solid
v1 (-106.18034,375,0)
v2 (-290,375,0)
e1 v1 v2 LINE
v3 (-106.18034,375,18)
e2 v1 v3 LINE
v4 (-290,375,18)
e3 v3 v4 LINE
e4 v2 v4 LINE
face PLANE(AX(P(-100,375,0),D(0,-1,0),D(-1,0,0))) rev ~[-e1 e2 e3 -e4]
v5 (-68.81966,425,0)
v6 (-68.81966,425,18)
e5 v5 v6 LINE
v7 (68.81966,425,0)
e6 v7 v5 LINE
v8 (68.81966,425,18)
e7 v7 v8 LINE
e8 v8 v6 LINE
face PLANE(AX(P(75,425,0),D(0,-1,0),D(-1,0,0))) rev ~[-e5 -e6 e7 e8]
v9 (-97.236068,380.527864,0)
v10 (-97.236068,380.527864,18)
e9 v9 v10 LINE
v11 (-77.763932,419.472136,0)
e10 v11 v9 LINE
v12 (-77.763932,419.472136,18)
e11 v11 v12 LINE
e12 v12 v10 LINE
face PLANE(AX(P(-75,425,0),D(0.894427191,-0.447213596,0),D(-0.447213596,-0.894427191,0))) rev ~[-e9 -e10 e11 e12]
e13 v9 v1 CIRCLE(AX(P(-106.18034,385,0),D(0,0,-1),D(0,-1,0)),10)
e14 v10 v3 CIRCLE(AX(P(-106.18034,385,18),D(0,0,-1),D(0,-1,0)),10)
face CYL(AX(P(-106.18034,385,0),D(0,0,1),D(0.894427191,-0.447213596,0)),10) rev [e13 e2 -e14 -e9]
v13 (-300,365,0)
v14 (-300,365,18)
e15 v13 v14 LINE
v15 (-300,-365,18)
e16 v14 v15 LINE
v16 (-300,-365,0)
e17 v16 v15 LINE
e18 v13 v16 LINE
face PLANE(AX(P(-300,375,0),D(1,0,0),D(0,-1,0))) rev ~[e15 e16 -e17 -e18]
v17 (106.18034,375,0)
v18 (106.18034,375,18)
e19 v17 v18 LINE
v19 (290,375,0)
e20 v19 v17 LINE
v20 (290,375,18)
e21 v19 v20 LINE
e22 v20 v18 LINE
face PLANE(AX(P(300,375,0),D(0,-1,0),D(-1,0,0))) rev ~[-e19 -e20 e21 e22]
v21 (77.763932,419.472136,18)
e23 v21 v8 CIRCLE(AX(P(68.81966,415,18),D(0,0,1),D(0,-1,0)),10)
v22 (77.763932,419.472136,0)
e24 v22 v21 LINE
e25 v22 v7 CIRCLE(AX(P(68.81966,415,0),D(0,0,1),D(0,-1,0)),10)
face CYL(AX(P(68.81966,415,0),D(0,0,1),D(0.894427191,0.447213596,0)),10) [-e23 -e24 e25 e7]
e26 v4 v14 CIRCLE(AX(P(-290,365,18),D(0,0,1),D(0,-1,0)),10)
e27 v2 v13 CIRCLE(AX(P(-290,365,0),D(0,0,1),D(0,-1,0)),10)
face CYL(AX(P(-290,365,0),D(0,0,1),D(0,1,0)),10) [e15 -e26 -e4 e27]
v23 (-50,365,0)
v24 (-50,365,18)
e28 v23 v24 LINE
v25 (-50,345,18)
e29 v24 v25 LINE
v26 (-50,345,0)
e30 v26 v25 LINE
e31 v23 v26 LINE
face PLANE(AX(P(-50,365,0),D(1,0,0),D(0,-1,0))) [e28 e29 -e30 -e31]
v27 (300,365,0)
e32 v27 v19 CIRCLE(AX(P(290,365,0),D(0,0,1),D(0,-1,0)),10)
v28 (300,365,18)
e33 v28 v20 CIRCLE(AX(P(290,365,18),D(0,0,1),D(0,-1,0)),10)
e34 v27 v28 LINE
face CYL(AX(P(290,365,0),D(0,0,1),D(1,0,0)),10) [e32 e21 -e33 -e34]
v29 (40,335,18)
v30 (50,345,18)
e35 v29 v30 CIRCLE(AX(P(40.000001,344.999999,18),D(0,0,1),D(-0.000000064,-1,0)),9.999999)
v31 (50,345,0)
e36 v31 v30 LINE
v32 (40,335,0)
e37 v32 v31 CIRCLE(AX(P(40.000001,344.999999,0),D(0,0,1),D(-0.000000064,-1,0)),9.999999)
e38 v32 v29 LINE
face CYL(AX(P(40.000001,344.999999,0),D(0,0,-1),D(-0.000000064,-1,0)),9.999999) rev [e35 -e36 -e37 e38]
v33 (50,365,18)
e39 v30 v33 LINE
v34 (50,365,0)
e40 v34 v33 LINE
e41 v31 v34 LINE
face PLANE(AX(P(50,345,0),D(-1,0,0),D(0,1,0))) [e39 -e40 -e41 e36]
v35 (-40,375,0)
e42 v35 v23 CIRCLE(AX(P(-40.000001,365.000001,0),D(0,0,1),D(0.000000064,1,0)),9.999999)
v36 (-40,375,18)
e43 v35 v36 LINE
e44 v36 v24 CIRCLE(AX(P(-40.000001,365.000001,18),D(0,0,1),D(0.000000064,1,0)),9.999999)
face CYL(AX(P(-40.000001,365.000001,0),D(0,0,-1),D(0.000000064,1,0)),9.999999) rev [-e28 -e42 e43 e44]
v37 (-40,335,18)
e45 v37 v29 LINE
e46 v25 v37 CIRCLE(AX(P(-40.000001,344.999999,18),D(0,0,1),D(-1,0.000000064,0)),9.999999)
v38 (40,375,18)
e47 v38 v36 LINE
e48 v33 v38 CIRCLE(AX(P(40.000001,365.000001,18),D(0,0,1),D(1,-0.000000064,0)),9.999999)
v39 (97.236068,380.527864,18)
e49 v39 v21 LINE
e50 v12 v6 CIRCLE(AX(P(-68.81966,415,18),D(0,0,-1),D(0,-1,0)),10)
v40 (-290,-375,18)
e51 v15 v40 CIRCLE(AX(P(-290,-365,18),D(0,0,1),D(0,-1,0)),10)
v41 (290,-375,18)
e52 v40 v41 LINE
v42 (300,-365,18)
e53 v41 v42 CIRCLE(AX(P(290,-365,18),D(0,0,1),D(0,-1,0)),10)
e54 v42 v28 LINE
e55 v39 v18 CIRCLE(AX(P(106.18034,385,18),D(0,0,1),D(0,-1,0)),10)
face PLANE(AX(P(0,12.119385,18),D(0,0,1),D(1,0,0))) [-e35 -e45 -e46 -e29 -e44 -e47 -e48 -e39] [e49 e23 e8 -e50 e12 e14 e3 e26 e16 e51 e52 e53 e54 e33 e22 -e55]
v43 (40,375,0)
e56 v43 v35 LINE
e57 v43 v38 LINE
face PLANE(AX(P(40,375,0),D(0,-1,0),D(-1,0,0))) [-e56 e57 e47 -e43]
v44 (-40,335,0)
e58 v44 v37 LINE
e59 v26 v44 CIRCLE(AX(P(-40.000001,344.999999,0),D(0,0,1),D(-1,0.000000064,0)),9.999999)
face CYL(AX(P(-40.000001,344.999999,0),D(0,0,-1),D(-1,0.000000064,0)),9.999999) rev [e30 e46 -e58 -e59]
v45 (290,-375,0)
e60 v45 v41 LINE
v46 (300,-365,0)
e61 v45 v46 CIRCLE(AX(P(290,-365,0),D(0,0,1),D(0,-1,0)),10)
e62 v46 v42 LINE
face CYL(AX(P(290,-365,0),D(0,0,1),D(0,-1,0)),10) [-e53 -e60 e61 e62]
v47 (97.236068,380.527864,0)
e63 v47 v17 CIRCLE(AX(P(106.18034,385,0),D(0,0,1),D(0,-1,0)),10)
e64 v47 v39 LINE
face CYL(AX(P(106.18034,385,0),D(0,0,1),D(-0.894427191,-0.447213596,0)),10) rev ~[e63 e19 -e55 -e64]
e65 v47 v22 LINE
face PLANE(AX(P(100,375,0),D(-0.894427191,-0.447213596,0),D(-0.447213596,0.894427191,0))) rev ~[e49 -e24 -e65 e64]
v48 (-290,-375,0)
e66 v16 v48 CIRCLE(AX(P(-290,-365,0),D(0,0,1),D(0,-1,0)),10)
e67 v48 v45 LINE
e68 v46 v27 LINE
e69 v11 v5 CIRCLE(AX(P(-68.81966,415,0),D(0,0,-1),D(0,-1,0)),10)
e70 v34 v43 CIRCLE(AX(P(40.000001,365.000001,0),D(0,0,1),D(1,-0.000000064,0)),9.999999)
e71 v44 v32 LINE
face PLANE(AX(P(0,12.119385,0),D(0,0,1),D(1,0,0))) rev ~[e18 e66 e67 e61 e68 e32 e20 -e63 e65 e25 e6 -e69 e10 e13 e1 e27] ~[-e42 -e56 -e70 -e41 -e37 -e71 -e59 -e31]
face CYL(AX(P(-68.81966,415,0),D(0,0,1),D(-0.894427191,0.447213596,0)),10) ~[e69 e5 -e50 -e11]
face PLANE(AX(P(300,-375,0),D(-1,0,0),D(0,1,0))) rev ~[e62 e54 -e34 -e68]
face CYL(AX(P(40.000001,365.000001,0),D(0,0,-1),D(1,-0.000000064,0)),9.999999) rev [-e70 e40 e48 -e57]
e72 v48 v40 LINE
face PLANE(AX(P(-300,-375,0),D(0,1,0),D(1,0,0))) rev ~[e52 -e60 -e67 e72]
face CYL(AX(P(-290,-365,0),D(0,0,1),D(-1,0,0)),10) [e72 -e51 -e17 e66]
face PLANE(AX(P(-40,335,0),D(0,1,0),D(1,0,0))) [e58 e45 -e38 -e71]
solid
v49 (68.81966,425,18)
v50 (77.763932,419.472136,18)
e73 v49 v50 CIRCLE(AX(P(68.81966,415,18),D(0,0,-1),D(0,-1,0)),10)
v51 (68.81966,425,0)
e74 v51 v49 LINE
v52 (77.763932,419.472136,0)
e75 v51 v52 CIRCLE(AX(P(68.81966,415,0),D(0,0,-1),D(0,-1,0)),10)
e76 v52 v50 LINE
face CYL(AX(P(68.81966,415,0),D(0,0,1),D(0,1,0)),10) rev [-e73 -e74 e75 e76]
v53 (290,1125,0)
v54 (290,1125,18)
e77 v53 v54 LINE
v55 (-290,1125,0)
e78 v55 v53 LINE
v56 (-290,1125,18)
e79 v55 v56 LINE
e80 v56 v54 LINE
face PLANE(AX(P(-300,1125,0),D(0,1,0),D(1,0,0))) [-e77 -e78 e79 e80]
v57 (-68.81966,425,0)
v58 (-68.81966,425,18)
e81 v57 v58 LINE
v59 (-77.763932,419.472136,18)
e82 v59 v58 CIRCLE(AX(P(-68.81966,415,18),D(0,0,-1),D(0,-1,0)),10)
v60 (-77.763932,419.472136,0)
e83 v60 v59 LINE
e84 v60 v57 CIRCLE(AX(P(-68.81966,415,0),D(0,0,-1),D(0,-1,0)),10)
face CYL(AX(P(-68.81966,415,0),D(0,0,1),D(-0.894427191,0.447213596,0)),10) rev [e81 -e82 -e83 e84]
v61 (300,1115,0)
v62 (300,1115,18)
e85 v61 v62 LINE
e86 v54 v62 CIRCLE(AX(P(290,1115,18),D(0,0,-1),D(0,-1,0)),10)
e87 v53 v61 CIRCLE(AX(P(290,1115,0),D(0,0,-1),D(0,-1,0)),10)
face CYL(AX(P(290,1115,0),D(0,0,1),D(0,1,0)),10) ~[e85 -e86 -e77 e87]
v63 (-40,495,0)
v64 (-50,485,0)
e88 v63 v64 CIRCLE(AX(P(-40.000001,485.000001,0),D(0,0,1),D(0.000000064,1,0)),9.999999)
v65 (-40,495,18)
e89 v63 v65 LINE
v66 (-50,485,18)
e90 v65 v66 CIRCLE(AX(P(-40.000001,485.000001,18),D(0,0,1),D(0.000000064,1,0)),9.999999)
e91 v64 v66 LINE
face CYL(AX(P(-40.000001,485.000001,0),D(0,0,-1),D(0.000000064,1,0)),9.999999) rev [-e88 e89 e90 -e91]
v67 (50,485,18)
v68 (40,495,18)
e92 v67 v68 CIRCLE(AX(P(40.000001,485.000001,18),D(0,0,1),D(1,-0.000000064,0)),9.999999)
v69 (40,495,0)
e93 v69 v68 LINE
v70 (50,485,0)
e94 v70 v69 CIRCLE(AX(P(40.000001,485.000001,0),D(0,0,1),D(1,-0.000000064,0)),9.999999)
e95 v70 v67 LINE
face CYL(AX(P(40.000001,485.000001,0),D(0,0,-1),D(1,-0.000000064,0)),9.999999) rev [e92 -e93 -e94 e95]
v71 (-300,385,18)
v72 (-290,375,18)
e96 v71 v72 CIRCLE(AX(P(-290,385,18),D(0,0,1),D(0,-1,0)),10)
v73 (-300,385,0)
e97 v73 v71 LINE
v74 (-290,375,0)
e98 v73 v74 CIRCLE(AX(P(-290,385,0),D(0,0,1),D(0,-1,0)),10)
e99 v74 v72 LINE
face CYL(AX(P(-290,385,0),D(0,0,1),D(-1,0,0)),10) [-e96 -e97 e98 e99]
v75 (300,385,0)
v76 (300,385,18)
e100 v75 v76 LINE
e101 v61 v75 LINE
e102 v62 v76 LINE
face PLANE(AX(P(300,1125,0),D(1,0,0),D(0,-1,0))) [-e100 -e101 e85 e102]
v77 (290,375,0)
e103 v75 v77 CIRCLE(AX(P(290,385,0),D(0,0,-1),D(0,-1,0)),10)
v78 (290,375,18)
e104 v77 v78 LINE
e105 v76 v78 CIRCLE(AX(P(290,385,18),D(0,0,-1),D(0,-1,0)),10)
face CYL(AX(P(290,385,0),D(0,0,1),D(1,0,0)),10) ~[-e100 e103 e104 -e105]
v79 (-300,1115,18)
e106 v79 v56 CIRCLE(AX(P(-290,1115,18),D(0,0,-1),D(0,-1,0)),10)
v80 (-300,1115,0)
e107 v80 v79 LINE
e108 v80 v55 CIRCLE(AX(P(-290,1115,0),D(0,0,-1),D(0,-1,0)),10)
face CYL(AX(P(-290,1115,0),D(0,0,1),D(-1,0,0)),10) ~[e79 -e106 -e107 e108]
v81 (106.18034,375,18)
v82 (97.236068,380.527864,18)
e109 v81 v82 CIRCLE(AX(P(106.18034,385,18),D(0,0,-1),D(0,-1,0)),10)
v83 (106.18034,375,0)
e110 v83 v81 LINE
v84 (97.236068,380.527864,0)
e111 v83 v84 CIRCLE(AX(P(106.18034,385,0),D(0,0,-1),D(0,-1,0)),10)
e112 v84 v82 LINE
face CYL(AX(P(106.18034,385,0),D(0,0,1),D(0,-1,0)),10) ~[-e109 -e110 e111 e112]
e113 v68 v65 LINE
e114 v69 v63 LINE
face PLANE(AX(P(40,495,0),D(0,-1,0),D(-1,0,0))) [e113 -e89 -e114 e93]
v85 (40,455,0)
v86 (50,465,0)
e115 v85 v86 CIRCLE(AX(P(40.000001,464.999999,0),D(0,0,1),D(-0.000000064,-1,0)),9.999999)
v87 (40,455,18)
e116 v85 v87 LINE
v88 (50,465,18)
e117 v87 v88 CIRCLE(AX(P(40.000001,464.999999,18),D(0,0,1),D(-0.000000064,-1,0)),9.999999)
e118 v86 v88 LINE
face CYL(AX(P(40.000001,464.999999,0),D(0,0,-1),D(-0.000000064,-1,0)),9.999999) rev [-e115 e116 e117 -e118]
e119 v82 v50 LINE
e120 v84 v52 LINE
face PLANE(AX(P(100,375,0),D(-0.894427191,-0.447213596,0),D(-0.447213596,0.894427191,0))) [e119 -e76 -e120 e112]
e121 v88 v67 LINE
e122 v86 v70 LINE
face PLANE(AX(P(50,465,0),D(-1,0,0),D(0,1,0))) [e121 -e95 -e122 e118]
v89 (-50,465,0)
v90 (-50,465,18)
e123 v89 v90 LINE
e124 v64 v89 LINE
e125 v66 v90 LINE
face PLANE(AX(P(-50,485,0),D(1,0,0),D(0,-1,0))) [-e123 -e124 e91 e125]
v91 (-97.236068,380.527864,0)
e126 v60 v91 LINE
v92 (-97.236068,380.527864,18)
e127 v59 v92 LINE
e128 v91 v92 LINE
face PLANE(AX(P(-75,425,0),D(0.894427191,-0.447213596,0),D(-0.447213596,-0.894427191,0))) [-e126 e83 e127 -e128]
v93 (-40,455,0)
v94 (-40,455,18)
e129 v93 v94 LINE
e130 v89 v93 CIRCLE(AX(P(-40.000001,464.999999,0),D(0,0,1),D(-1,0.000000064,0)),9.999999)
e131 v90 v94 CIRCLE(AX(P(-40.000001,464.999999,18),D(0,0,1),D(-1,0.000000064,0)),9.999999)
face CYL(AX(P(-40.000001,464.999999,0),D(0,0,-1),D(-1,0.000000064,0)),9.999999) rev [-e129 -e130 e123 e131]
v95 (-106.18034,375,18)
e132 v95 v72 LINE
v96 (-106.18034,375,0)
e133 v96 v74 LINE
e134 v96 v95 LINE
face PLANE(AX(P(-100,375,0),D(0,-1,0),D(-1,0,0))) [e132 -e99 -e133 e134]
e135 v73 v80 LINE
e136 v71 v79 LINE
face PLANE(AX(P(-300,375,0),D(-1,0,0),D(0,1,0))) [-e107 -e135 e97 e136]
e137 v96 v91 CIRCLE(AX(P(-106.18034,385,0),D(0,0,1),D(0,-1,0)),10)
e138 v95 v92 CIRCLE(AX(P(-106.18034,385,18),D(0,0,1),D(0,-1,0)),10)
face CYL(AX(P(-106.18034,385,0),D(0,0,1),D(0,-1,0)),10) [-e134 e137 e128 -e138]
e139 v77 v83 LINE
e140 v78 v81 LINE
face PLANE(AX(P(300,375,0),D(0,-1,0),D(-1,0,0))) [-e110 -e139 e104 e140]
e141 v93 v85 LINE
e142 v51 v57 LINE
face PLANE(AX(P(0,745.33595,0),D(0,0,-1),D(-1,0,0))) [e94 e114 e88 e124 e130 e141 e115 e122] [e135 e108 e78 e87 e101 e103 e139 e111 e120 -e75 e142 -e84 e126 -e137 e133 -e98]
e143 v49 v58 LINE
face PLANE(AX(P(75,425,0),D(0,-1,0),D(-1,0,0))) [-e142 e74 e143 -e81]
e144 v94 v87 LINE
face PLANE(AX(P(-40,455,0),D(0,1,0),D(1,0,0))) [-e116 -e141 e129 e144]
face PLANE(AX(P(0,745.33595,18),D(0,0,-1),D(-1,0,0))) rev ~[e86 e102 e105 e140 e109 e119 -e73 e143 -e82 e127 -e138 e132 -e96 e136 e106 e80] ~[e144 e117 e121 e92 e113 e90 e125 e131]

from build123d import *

# Parameters (mm, degrees)
PAD_DEPTH    = 18
FILLET_R     = 10
FILLET001_R  = 10
FILLET002_R  = 10
PAD001_DEPTH = 18
FILLET003_R  = 10


with BuildPart() as body:
    # Sketch → Pad (new body)
    with BuildSketch(Plane.XY):
        Polygon((-300, -375), (300, -375), (300, 375), (100, 375), (75, 425), (-75, 425), (-100, 375), (-300, 375), align=None)
        with BuildLine():
            Line((-50, 365), (-50, 345))
            ThreePointArc((-50, 345), (-47.071068, 337.928932), (-40, 335))
            Line((-40, 335), (40, 335))
            ThreePointArc((40, 335), (47.071068, 337.928932), (50, 345))
            Line((50, 345), (50, 365))
            ThreePointArc((50, 365), (47.071068, 372.071068), (40, 375))
            Line((40, 375), (-40, 375))
            ThreePointArc((-40, 375), (-47.071068, 372.071068), (-50, 365))
        make_face(mode=Mode.SUBTRACT)
    extrude(amount=PAD_DEPTH)

    # Fillet
    fillet_edges = [body.edges().sort_by_distance(p)[0] for p in [
        (-75, 425, 9),
        (75, 425, 9),
    ]]
    fillet(fillet_edges, radius=FILLET_R)

    # Fillet001
    fillet001_edges = [body.edges().sort_by_distance(p)[0] for p in [
        (-100, 375, 9),
        (100, 375, 9),
    ]]
    fillet(fillet001_edges, radius=FILLET001_R)

    # Fillet002
    fillet002_edges = [body.edges().sort_by_distance(p)[0] for p in [
        (300, 375, 9),
        (-300, 375, 9),
        (-300, -375, 9),
        (300, -375, 9),
    ]]
    fillet(fillet002_edges, radius=FILLET002_R)


with BuildPart() as body001:
    # Sketch001 → Pad001 (new body)
    with BuildSketch(Plane.XY):
        Polygon((-300, 375), (-300, 1125), (300, 1125), (300, 375), (100, 375), (75, 425), (-75, 425), (-100, 375), align=None)
        with BuildLine():
            Line((-50, 485), (-50, 465))
            ThreePointArc((-50, 465), (-47.071068, 457.928932), (-40, 455))
            Line((-40, 455), (40, 455))
            ThreePointArc((40, 455), (47.071068, 457.928932), (50, 465))
            Line((50, 465), (50, 485))
            ThreePointArc((50, 485), (47.071068, 492.071068), (40, 495))
            Line((40, 495), (-40, 495))
            ThreePointArc((-40, 495), (-47.071068, 492.071068), (-50, 485))
        make_face(mode=Mode.SUBTRACT)
    extrude(amount=PAD001_DEPTH)

    # Fillet003
    fillet003_edges = [body001.edges().sort_by_distance(p)[0] for p in [
        (-75, 425, 9),
        (-100, 375, 9),
        (75, 425, 9),
        (100, 375, 9),
        (300, 375, 9),
        (300, 1125, 9),
        (-300, 375, 9),
        (-300, 1125, 9),
    ]]
    fillet(fillet003_edges, radius=FILLET003_R)


solid = Compound([body.part, body001.part])
